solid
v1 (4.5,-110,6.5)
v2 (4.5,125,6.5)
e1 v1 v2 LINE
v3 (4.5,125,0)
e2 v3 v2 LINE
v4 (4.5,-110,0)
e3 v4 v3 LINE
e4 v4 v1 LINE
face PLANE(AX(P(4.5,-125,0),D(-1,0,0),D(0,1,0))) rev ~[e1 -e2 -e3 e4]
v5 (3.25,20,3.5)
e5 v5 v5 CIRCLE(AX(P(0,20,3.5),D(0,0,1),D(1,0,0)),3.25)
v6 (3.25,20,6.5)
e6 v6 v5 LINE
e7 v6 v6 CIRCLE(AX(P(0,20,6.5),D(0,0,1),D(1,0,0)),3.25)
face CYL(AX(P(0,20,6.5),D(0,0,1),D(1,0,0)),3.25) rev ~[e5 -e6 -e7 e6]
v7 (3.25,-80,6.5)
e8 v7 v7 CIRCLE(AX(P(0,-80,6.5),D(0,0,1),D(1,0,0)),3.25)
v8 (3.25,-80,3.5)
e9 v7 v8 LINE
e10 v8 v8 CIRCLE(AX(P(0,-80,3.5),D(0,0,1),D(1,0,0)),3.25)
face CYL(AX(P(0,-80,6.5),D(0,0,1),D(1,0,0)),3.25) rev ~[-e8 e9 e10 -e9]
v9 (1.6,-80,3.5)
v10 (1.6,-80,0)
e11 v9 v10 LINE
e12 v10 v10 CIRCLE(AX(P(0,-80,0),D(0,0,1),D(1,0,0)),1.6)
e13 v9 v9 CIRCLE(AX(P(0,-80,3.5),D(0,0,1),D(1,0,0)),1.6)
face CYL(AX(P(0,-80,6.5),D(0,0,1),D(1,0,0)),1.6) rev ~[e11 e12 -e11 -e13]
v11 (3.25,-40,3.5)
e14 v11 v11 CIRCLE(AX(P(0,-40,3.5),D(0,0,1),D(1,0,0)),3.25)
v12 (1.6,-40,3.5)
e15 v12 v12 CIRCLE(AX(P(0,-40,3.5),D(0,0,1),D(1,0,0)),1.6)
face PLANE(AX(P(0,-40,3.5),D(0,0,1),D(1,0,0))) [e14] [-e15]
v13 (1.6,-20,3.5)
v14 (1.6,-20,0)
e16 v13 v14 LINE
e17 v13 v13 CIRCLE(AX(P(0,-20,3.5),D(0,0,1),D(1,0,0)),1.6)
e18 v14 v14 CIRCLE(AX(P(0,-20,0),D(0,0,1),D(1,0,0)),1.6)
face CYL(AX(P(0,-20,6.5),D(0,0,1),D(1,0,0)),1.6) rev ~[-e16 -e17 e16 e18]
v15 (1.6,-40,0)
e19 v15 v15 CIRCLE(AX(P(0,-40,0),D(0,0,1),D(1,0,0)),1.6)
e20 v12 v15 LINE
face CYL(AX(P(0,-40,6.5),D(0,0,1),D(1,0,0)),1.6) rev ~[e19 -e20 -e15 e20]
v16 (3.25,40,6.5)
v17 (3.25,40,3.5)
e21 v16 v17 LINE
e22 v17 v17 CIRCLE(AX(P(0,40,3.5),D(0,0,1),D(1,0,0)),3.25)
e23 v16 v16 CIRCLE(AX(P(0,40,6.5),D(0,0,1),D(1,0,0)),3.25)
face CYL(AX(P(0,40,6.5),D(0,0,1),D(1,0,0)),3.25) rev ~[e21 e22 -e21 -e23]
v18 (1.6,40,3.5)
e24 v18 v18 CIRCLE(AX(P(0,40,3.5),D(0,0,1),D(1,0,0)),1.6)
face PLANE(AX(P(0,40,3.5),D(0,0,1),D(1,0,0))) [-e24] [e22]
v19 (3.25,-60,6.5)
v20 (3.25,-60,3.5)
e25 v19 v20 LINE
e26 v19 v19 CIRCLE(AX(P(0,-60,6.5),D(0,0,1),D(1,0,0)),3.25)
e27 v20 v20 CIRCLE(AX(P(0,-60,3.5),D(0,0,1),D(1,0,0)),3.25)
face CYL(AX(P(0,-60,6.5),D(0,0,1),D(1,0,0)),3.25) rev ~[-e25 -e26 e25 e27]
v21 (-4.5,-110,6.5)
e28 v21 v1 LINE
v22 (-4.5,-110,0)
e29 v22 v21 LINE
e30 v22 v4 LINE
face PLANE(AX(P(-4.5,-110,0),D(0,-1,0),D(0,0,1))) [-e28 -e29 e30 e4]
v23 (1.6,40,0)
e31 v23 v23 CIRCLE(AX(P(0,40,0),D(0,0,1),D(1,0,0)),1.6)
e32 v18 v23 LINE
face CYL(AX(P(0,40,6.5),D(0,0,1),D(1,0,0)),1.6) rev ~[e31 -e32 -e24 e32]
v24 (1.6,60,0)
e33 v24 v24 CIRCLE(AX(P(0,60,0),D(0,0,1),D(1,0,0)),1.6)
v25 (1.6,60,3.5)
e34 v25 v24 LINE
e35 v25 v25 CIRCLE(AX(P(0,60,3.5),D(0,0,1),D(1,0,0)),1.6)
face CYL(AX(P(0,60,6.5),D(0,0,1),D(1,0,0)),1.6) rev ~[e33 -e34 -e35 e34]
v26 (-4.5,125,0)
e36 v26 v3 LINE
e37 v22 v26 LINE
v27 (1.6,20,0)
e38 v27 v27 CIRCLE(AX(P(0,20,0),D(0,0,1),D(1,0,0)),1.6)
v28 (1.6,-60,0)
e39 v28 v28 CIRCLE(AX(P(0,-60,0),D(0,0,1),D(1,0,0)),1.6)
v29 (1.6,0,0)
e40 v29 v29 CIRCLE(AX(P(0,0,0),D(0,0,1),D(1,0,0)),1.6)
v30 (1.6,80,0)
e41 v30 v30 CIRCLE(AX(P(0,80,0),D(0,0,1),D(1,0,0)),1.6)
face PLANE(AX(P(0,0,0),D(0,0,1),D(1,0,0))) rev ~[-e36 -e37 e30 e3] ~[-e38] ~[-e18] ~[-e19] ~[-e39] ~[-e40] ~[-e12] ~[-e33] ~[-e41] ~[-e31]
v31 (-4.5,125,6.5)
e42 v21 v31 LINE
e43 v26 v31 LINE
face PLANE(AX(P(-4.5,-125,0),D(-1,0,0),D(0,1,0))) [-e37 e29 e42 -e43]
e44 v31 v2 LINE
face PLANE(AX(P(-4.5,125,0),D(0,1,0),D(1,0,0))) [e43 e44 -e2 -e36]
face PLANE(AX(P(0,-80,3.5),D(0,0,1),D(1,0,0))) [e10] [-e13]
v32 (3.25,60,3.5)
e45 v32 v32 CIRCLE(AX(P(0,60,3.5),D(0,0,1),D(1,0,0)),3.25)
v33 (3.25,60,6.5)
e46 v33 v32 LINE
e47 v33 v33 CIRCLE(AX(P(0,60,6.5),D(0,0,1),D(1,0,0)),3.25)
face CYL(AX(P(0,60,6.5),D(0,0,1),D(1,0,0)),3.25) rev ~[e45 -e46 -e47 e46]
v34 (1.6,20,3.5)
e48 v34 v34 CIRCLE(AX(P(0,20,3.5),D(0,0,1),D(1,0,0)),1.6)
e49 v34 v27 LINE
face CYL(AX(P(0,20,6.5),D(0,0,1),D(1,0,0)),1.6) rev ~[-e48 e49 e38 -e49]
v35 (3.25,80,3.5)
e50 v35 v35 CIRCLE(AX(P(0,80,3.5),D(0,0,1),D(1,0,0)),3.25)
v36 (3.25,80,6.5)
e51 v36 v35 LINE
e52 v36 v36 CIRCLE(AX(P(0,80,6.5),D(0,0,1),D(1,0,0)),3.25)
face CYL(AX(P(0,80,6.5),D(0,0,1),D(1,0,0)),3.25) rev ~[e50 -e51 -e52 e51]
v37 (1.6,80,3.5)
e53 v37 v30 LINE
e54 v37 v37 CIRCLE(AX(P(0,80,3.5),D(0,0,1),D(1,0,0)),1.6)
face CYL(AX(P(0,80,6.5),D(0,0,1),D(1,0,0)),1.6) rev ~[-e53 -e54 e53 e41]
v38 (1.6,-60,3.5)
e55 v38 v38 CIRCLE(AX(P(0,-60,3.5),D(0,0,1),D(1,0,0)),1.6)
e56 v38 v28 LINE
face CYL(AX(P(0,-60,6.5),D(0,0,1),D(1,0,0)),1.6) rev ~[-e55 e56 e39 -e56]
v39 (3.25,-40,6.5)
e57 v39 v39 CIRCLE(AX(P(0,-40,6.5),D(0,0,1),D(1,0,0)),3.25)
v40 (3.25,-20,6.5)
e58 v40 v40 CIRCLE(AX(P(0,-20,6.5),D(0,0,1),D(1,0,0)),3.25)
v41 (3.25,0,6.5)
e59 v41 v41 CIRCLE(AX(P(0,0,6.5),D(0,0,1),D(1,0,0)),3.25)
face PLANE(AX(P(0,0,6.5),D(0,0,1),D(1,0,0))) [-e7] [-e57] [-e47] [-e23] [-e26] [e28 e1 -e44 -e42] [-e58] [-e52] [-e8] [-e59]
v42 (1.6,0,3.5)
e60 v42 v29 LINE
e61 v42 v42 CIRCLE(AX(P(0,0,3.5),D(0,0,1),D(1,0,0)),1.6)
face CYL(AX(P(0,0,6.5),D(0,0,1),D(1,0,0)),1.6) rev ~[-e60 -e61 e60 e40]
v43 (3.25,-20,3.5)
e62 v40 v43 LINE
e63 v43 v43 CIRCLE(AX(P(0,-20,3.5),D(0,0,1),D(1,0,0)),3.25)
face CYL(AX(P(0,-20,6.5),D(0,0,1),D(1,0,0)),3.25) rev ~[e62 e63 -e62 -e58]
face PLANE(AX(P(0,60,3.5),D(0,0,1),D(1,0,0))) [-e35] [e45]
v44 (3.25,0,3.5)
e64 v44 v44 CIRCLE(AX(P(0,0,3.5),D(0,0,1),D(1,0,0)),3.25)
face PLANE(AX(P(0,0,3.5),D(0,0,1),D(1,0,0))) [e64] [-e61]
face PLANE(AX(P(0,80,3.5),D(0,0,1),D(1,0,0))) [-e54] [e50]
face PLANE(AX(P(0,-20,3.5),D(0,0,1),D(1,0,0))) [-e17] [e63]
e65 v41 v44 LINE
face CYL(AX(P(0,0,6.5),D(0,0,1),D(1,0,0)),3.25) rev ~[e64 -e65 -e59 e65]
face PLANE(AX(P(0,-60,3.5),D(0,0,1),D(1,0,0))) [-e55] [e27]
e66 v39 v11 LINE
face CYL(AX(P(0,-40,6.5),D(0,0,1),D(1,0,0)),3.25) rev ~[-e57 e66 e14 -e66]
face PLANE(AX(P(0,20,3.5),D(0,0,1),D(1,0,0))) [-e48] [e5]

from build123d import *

# Parameters (mm, degrees)
SKETCH_1_W          = 9
SKETCH_1_H          = 250
EXTRUDE_1_DEPTH     = 6.5
SKETCH_2_R          = 1.6
CUT_EXTRUDE_1_DEPTH = 126.249750499
SKETCH_3_R          = 3.25
CUT_EXTRUDE_2_DEPTH = 3
SKETCH_4_W          = 6.5
SKETCH_4_H          = 15
CUT_EXTRUDE_3_DEPTH = 10


with BuildPart() as part:
    # 草图1 → 凸台-拉伸1 (new body)
    with BuildSketch(Plane.XY):
        Rectangle(SKETCH_1_W, SKETCH_1_H)
    extrude(amount=EXTRUDE_1_DEPTH)

    # 草图2 → 切除-拉伸1 (cut, through all)
    with BuildSketch(Plane.XY.offset(6.5)):
        Circle(SKETCH_2_R)
        with Locations((0, 20)):
            Circle(SKETCH_2_R)
        with Locations((0, 40)):
            Circle(SKETCH_2_R)
        with Locations((0, 60)):
            Circle(SKETCH_2_R)
        with Locations((0, 80)):
            Circle(SKETCH_2_R)
        with Locations((0, -20)):
            Circle(SKETCH_2_R)
        with Locations((0, -40)):
            Circle(SKETCH_2_R)
        with Locations((0, -60)):
            Circle(SKETCH_2_R)
        with Locations((0, -80)):
            Circle(SKETCH_2_R)
    extrude(amount=-CUT_EXTRUDE_1_DEPTH, mode=Mode.SUBTRACT)

    # 草图3 → 切除-拉伸2 (cut)
    with BuildSketch(Plane.XY.offset(6.5)):
        with Locations((0, 80)):
            Circle(SKETCH_3_R)
        with Locations((0, 60)):
            Circle(SKETCH_3_R)
        with Locations((0, 40)):
            Circle(SKETCH_3_R)
        with Locations((0, 20)):
            Circle(SKETCH_3_R)
        Circle(SKETCH_3_R)
        with Locations((0, -20)):
            Circle(SKETCH_3_R)
        with Locations((0, -40)):
            Circle(SKETCH_3_R)
        with Locations((0, -60)):
            Circle(SKETCH_3_R)
        with Locations((0, -80)):
            Circle(SKETCH_3_R)
    extrude(amount=-CUT_EXTRUDE_2_DEPTH, mode=Mode.SUBTRACT)

    # 草图4 → 切除-拉伸3 (cut)
    with BuildSketch(Plane.ZY.offset(4.5)):
        with Locations((3.25, -117.5)):
            Rectangle(SKETCH_4_W, SKETCH_4_H)
    extrude(amount=-CUT_EXTRUDE_3_DEPTH, mode=Mode.SUBTRACT)


solid = part.part
